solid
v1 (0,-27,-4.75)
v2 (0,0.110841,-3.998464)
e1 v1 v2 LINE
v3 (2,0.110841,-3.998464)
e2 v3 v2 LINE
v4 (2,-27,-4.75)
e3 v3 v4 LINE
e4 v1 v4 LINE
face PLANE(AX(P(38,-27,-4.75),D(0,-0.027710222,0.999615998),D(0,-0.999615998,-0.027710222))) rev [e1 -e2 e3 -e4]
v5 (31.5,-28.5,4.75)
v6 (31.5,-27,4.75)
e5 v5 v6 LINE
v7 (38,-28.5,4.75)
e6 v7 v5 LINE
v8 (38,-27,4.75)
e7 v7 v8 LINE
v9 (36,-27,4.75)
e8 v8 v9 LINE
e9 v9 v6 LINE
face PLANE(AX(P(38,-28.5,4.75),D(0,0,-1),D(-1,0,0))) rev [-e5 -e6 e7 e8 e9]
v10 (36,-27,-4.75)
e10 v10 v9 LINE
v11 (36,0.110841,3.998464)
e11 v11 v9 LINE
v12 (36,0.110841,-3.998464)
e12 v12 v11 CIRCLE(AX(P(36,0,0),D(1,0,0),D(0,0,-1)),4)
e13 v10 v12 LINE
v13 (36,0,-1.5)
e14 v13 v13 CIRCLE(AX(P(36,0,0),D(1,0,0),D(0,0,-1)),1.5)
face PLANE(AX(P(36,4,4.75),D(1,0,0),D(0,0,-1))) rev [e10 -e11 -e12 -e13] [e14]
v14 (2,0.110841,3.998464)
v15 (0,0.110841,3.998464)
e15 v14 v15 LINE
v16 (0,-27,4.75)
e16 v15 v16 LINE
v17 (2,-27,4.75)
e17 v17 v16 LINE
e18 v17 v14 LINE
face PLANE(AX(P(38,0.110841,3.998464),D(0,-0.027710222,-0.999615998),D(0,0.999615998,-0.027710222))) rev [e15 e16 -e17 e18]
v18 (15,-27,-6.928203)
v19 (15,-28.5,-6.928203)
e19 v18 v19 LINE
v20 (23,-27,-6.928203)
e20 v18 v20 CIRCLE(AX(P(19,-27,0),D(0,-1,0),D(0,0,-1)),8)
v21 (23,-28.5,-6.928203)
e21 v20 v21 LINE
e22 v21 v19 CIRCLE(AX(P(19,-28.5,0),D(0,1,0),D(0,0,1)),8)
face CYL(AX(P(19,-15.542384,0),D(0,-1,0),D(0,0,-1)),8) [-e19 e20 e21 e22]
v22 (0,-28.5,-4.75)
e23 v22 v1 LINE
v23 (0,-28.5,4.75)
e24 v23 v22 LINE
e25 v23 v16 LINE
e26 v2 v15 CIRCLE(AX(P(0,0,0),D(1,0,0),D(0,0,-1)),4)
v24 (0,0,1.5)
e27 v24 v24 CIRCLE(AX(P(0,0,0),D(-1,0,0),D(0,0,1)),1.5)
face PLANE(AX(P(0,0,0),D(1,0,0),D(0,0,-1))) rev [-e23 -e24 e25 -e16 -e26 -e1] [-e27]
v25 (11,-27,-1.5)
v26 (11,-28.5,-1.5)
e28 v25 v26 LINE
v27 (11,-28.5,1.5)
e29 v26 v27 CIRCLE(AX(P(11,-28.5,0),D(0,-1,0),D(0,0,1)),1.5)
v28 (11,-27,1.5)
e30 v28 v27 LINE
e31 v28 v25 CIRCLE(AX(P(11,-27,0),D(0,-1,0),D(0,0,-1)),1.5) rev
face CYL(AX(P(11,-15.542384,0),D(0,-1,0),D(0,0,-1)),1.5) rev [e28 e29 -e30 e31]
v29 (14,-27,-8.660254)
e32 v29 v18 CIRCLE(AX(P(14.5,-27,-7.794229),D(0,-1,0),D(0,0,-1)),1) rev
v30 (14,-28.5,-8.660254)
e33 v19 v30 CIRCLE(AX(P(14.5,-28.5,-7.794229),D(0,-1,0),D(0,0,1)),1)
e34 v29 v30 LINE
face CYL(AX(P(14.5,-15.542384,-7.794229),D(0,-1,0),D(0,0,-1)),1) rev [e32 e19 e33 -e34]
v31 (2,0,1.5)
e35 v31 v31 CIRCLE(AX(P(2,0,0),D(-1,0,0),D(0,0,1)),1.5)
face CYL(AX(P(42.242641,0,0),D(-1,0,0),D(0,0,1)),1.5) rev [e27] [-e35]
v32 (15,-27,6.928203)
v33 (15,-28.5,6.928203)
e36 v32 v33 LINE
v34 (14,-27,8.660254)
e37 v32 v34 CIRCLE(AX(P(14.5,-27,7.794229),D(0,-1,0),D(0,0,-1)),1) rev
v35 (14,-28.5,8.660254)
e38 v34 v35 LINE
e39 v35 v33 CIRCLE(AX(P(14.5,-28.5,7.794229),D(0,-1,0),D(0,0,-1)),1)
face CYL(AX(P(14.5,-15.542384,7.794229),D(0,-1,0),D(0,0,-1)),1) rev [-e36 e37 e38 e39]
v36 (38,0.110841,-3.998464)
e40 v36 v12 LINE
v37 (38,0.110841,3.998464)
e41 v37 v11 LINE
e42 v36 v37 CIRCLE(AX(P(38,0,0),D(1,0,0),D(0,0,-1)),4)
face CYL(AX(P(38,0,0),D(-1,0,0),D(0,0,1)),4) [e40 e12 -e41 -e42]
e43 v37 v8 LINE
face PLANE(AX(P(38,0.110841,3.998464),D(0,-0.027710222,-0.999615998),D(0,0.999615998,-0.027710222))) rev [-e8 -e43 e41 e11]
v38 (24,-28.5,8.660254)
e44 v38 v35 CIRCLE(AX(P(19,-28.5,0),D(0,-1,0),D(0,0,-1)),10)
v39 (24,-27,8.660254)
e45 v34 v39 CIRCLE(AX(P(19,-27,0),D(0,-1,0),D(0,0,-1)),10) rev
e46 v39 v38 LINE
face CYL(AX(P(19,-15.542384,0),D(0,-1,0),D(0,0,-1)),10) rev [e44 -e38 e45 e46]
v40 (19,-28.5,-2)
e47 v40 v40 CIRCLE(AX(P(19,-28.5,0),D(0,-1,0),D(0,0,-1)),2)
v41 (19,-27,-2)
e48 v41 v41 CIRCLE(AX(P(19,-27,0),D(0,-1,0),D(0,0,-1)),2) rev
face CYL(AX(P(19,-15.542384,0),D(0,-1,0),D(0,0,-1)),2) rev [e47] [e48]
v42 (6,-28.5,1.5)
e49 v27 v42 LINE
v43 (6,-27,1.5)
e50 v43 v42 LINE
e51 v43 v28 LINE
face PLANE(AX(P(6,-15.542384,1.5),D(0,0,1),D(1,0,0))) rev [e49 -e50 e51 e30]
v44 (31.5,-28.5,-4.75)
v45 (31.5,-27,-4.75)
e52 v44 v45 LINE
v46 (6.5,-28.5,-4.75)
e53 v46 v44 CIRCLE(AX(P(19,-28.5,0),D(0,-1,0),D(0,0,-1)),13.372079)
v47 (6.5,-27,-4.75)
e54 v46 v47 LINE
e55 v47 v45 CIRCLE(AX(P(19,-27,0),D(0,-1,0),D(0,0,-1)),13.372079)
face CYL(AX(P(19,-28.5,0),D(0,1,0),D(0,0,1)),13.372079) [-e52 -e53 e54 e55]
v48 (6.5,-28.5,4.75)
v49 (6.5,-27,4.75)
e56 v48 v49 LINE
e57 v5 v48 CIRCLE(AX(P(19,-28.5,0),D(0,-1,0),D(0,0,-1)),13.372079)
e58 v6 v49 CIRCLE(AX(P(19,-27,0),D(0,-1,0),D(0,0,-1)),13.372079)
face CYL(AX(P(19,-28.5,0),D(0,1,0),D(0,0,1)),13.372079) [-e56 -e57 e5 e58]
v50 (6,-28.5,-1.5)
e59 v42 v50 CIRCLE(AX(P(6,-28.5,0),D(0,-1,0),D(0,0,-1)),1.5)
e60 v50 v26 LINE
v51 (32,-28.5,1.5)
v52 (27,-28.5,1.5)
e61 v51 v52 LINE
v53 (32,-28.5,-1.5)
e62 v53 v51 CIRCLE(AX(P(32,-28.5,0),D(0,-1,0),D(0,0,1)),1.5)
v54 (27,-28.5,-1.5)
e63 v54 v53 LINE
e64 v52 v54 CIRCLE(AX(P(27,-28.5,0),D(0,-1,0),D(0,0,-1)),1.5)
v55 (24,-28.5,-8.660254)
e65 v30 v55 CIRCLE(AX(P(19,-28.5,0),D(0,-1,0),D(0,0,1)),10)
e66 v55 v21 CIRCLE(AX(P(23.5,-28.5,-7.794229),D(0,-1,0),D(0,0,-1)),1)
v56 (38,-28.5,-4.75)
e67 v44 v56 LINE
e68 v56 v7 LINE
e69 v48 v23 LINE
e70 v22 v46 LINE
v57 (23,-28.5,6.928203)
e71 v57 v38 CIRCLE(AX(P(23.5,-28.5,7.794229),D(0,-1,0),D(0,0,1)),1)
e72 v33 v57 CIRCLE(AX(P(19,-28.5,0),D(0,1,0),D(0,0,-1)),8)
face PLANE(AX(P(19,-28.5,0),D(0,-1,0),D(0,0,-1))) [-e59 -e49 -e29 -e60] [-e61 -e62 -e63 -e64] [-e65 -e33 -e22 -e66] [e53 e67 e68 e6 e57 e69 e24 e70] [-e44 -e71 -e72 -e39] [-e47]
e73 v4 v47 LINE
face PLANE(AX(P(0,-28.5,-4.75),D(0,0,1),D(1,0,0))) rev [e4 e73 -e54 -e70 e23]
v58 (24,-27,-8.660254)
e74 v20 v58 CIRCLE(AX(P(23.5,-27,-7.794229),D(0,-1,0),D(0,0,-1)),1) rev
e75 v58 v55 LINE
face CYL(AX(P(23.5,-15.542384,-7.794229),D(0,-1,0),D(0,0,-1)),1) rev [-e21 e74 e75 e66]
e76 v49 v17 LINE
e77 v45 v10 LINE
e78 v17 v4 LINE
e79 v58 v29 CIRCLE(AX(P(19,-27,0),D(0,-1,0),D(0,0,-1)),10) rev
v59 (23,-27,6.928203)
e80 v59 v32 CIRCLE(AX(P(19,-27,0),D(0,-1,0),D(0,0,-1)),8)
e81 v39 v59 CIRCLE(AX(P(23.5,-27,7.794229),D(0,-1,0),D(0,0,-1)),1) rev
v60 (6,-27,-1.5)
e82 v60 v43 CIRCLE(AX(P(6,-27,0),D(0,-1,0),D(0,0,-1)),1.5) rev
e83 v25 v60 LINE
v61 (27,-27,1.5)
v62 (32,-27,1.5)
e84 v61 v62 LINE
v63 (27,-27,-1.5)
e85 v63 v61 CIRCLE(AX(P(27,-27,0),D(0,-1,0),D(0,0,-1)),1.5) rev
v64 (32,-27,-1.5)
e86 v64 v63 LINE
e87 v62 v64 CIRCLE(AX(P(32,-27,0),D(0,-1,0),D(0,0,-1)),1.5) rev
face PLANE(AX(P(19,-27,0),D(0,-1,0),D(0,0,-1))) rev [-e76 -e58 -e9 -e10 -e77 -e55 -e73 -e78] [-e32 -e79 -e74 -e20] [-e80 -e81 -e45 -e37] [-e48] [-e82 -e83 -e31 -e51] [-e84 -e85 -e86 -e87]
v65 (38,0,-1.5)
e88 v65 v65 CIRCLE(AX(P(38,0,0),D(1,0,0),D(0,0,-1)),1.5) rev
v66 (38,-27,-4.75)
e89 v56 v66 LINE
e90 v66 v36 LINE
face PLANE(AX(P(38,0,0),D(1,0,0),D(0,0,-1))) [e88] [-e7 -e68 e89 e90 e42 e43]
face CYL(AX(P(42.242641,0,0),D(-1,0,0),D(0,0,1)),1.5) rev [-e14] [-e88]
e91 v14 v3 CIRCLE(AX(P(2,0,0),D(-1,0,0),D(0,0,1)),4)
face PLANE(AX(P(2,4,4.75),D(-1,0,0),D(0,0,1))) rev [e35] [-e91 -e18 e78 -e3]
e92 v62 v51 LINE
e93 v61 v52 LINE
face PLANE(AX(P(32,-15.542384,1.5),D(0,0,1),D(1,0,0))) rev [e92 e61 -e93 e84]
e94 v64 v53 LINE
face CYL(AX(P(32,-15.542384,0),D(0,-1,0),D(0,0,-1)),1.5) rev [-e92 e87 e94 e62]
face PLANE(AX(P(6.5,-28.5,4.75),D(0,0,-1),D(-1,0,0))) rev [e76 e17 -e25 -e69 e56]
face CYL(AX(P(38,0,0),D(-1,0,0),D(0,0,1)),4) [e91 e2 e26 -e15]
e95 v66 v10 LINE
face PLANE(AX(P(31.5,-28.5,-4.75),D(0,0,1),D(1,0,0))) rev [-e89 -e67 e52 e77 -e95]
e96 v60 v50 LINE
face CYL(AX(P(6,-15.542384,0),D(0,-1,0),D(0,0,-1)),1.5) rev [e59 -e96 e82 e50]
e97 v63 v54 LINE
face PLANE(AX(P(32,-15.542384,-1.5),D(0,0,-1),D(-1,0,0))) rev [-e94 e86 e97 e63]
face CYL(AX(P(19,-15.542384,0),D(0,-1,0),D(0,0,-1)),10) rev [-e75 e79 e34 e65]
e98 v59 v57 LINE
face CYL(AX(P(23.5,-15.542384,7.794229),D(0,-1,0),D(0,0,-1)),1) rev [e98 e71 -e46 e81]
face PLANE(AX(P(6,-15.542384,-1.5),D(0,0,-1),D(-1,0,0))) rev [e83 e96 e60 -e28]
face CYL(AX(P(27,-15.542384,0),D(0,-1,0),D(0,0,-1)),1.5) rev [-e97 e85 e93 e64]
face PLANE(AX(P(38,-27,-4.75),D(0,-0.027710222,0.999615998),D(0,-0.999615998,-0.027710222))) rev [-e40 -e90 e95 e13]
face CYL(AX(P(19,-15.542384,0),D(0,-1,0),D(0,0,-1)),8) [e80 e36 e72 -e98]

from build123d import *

# Parameters (mm, degrees)
EXTRUDE_1_DEPTH     = 38
EXTRUDE_2_DEPTH     = 1.5
SKETCH_3_W          = 34
SKETCH_3_H          = 9.5
CUT_EXTRUDE_1_DEPTH = 51.831215803
SKETCH_6_R          = 2
CUT_EXTRUDE_2_DEPTH = 1.5
CUT_EXTRUDE_3_REACH = 51.346
SKETCH_7_R          = 1.5


with BuildPart() as part:
    # 草图1 → 凸台-拉伸1 (new body)
    with BuildSketch(Plane(origin=(0, 0, 0), x_dir=(0, 0, -1), z_dir=(1, 0, 0))):
        with BuildLine():
            Line((-3.998463992, 0.110840888), (-4.75, -27))
            Line((-4.75, -27), (4.75, -27))
            Line((4.75, -27), (3.998463992, 0.110840888))
            ThreePointArc((3.998463992, 0.110840888), (0, 4), (-3.998463992, 0.110840888))
        make_face()
    extrude(amount=EXTRUDE_1_DEPTH)

    # 草图4 → 凸台-拉伸2 (add)
    with BuildSketch(Plane.XZ.offset(27)):
        with BuildLine():
            Line((6.5, 4.75), (0, 4.75))
            Line((0, 4.75), (0, -4.75))
            Line((0, -4.75), (6.5, -4.75))
            ThreePointArc((6.5, -4.75), (19, -13.37207912), (31.5, -4.75))
            Line((31.5, -4.75), (38, -4.75))
            Line((38, -4.75), (38, 4.75))
            Line((38, 4.75), (31.5, 4.75))
            ThreePointArc((31.5, 4.75), (19, 13.37207912), (6.5, 4.75))
        make_face()
    extrude(amount=EXTRUDE_2_DEPTH)

    # 草图3 → 切除-拉伸1 (cut, through all)
    with BuildSketch(Plane.XZ.offset(27)):
        with Locations((19, 0)):
            Rectangle(SKETCH_3_W, SKETCH_3_H)
    extrude(amount=-CUT_EXTRUDE_1_DEPTH, mode=Mode.SUBTRACT)

    # 草图6 → 切除-拉伸2 (cut)
    with BuildSketch(Plane.XZ.offset(28.5)):
        with Locations(Location((19, 0, 0), (0, 0, 270))):
            Circle(SKETCH_6_R)
        with BuildLine():
            Line((6, 1.5), (11, 1.5))
            ThreePointArc((11, 1.5), (12.5, 0), (11, -1.5))
            Line((11, -1.5), (6, -1.5))
            ThreePointArc((6, -1.5), (4.5, 0), (6, 1.5))
        make_face()
        with BuildLine():
            Line((32, 1.5), (27, 1.5))
            ThreePointArc((27, 1.5), (25.5, 0), (27, -1.5))
            Line((27, -1.5), (32, -1.5))
            ThreePointArc((32, -1.5), (33.5, 0), (32, 1.5))
        make_face()
        with BuildLine():
            ThreePointArc((24, 8.660254038), (19, 10), (14, 8.660254038))
            ThreePointArc((14, 8.660254038), (13.633974596, 7.294228634), (15, 6.92820323))
            ThreePointArc((15, 6.92820323), (19, 8), (23, 6.92820323))
            ThreePointArc((23, 6.92820323), (24.366025404, 7.294228634), (24, 8.660254038))
        make_face()
        with BuildLine():
            ThreePointArc((24, -8.660254038), (24.366025404, -7.294228634), (23, -6.92820323))
            ThreePointArc((23, -6.92820323), (19, -8), (15, -6.92820323))
            ThreePointArc((15, -6.92820323), (13.633974596, -7.294228634), (14, -8.660254038))
            ThreePointArc((14, -8.660254038), (19, -10), (24, -8.660254038))
        make_face()
    extrude(amount=-CUT_EXTRUDE_2_DEPTH, mode=Mode.SUBTRACT)

    # 切除-拉伸3: up to this face of the body (flat: up to its plane)
    cut_extrude_3_end = Plane(part.part.faces().sort_by_distance((38, -13.180930024, 0))[0])
    # 草图7 → 切除-拉伸3 (cut, up to the picked face)
    with BuildSketch(Plane.ZY, mode=Mode.PRIVATE) as cut_extrude_3_sk1:
        with Locations(Location((0, 0, 0), (0, 0, 180))):
            Circle(SKETCH_7_R)
    cut_extrude_3_tool1 = split(extrude(cut_extrude_3_sk1.sketch, amount=-CUT_EXTRUDE_3_REACH, mode=Mode.PRIVATE), bisect_by=cut_extrude_3_end, keep=Keep.BOTH, mode=Mode.PRIVATE)
    add(cut_extrude_3_tool1.solids().sort_by(Axis((0, 0, 0), (1, 0, 0)))[0], mode=Mode.SUBTRACT)


solid = part.part
